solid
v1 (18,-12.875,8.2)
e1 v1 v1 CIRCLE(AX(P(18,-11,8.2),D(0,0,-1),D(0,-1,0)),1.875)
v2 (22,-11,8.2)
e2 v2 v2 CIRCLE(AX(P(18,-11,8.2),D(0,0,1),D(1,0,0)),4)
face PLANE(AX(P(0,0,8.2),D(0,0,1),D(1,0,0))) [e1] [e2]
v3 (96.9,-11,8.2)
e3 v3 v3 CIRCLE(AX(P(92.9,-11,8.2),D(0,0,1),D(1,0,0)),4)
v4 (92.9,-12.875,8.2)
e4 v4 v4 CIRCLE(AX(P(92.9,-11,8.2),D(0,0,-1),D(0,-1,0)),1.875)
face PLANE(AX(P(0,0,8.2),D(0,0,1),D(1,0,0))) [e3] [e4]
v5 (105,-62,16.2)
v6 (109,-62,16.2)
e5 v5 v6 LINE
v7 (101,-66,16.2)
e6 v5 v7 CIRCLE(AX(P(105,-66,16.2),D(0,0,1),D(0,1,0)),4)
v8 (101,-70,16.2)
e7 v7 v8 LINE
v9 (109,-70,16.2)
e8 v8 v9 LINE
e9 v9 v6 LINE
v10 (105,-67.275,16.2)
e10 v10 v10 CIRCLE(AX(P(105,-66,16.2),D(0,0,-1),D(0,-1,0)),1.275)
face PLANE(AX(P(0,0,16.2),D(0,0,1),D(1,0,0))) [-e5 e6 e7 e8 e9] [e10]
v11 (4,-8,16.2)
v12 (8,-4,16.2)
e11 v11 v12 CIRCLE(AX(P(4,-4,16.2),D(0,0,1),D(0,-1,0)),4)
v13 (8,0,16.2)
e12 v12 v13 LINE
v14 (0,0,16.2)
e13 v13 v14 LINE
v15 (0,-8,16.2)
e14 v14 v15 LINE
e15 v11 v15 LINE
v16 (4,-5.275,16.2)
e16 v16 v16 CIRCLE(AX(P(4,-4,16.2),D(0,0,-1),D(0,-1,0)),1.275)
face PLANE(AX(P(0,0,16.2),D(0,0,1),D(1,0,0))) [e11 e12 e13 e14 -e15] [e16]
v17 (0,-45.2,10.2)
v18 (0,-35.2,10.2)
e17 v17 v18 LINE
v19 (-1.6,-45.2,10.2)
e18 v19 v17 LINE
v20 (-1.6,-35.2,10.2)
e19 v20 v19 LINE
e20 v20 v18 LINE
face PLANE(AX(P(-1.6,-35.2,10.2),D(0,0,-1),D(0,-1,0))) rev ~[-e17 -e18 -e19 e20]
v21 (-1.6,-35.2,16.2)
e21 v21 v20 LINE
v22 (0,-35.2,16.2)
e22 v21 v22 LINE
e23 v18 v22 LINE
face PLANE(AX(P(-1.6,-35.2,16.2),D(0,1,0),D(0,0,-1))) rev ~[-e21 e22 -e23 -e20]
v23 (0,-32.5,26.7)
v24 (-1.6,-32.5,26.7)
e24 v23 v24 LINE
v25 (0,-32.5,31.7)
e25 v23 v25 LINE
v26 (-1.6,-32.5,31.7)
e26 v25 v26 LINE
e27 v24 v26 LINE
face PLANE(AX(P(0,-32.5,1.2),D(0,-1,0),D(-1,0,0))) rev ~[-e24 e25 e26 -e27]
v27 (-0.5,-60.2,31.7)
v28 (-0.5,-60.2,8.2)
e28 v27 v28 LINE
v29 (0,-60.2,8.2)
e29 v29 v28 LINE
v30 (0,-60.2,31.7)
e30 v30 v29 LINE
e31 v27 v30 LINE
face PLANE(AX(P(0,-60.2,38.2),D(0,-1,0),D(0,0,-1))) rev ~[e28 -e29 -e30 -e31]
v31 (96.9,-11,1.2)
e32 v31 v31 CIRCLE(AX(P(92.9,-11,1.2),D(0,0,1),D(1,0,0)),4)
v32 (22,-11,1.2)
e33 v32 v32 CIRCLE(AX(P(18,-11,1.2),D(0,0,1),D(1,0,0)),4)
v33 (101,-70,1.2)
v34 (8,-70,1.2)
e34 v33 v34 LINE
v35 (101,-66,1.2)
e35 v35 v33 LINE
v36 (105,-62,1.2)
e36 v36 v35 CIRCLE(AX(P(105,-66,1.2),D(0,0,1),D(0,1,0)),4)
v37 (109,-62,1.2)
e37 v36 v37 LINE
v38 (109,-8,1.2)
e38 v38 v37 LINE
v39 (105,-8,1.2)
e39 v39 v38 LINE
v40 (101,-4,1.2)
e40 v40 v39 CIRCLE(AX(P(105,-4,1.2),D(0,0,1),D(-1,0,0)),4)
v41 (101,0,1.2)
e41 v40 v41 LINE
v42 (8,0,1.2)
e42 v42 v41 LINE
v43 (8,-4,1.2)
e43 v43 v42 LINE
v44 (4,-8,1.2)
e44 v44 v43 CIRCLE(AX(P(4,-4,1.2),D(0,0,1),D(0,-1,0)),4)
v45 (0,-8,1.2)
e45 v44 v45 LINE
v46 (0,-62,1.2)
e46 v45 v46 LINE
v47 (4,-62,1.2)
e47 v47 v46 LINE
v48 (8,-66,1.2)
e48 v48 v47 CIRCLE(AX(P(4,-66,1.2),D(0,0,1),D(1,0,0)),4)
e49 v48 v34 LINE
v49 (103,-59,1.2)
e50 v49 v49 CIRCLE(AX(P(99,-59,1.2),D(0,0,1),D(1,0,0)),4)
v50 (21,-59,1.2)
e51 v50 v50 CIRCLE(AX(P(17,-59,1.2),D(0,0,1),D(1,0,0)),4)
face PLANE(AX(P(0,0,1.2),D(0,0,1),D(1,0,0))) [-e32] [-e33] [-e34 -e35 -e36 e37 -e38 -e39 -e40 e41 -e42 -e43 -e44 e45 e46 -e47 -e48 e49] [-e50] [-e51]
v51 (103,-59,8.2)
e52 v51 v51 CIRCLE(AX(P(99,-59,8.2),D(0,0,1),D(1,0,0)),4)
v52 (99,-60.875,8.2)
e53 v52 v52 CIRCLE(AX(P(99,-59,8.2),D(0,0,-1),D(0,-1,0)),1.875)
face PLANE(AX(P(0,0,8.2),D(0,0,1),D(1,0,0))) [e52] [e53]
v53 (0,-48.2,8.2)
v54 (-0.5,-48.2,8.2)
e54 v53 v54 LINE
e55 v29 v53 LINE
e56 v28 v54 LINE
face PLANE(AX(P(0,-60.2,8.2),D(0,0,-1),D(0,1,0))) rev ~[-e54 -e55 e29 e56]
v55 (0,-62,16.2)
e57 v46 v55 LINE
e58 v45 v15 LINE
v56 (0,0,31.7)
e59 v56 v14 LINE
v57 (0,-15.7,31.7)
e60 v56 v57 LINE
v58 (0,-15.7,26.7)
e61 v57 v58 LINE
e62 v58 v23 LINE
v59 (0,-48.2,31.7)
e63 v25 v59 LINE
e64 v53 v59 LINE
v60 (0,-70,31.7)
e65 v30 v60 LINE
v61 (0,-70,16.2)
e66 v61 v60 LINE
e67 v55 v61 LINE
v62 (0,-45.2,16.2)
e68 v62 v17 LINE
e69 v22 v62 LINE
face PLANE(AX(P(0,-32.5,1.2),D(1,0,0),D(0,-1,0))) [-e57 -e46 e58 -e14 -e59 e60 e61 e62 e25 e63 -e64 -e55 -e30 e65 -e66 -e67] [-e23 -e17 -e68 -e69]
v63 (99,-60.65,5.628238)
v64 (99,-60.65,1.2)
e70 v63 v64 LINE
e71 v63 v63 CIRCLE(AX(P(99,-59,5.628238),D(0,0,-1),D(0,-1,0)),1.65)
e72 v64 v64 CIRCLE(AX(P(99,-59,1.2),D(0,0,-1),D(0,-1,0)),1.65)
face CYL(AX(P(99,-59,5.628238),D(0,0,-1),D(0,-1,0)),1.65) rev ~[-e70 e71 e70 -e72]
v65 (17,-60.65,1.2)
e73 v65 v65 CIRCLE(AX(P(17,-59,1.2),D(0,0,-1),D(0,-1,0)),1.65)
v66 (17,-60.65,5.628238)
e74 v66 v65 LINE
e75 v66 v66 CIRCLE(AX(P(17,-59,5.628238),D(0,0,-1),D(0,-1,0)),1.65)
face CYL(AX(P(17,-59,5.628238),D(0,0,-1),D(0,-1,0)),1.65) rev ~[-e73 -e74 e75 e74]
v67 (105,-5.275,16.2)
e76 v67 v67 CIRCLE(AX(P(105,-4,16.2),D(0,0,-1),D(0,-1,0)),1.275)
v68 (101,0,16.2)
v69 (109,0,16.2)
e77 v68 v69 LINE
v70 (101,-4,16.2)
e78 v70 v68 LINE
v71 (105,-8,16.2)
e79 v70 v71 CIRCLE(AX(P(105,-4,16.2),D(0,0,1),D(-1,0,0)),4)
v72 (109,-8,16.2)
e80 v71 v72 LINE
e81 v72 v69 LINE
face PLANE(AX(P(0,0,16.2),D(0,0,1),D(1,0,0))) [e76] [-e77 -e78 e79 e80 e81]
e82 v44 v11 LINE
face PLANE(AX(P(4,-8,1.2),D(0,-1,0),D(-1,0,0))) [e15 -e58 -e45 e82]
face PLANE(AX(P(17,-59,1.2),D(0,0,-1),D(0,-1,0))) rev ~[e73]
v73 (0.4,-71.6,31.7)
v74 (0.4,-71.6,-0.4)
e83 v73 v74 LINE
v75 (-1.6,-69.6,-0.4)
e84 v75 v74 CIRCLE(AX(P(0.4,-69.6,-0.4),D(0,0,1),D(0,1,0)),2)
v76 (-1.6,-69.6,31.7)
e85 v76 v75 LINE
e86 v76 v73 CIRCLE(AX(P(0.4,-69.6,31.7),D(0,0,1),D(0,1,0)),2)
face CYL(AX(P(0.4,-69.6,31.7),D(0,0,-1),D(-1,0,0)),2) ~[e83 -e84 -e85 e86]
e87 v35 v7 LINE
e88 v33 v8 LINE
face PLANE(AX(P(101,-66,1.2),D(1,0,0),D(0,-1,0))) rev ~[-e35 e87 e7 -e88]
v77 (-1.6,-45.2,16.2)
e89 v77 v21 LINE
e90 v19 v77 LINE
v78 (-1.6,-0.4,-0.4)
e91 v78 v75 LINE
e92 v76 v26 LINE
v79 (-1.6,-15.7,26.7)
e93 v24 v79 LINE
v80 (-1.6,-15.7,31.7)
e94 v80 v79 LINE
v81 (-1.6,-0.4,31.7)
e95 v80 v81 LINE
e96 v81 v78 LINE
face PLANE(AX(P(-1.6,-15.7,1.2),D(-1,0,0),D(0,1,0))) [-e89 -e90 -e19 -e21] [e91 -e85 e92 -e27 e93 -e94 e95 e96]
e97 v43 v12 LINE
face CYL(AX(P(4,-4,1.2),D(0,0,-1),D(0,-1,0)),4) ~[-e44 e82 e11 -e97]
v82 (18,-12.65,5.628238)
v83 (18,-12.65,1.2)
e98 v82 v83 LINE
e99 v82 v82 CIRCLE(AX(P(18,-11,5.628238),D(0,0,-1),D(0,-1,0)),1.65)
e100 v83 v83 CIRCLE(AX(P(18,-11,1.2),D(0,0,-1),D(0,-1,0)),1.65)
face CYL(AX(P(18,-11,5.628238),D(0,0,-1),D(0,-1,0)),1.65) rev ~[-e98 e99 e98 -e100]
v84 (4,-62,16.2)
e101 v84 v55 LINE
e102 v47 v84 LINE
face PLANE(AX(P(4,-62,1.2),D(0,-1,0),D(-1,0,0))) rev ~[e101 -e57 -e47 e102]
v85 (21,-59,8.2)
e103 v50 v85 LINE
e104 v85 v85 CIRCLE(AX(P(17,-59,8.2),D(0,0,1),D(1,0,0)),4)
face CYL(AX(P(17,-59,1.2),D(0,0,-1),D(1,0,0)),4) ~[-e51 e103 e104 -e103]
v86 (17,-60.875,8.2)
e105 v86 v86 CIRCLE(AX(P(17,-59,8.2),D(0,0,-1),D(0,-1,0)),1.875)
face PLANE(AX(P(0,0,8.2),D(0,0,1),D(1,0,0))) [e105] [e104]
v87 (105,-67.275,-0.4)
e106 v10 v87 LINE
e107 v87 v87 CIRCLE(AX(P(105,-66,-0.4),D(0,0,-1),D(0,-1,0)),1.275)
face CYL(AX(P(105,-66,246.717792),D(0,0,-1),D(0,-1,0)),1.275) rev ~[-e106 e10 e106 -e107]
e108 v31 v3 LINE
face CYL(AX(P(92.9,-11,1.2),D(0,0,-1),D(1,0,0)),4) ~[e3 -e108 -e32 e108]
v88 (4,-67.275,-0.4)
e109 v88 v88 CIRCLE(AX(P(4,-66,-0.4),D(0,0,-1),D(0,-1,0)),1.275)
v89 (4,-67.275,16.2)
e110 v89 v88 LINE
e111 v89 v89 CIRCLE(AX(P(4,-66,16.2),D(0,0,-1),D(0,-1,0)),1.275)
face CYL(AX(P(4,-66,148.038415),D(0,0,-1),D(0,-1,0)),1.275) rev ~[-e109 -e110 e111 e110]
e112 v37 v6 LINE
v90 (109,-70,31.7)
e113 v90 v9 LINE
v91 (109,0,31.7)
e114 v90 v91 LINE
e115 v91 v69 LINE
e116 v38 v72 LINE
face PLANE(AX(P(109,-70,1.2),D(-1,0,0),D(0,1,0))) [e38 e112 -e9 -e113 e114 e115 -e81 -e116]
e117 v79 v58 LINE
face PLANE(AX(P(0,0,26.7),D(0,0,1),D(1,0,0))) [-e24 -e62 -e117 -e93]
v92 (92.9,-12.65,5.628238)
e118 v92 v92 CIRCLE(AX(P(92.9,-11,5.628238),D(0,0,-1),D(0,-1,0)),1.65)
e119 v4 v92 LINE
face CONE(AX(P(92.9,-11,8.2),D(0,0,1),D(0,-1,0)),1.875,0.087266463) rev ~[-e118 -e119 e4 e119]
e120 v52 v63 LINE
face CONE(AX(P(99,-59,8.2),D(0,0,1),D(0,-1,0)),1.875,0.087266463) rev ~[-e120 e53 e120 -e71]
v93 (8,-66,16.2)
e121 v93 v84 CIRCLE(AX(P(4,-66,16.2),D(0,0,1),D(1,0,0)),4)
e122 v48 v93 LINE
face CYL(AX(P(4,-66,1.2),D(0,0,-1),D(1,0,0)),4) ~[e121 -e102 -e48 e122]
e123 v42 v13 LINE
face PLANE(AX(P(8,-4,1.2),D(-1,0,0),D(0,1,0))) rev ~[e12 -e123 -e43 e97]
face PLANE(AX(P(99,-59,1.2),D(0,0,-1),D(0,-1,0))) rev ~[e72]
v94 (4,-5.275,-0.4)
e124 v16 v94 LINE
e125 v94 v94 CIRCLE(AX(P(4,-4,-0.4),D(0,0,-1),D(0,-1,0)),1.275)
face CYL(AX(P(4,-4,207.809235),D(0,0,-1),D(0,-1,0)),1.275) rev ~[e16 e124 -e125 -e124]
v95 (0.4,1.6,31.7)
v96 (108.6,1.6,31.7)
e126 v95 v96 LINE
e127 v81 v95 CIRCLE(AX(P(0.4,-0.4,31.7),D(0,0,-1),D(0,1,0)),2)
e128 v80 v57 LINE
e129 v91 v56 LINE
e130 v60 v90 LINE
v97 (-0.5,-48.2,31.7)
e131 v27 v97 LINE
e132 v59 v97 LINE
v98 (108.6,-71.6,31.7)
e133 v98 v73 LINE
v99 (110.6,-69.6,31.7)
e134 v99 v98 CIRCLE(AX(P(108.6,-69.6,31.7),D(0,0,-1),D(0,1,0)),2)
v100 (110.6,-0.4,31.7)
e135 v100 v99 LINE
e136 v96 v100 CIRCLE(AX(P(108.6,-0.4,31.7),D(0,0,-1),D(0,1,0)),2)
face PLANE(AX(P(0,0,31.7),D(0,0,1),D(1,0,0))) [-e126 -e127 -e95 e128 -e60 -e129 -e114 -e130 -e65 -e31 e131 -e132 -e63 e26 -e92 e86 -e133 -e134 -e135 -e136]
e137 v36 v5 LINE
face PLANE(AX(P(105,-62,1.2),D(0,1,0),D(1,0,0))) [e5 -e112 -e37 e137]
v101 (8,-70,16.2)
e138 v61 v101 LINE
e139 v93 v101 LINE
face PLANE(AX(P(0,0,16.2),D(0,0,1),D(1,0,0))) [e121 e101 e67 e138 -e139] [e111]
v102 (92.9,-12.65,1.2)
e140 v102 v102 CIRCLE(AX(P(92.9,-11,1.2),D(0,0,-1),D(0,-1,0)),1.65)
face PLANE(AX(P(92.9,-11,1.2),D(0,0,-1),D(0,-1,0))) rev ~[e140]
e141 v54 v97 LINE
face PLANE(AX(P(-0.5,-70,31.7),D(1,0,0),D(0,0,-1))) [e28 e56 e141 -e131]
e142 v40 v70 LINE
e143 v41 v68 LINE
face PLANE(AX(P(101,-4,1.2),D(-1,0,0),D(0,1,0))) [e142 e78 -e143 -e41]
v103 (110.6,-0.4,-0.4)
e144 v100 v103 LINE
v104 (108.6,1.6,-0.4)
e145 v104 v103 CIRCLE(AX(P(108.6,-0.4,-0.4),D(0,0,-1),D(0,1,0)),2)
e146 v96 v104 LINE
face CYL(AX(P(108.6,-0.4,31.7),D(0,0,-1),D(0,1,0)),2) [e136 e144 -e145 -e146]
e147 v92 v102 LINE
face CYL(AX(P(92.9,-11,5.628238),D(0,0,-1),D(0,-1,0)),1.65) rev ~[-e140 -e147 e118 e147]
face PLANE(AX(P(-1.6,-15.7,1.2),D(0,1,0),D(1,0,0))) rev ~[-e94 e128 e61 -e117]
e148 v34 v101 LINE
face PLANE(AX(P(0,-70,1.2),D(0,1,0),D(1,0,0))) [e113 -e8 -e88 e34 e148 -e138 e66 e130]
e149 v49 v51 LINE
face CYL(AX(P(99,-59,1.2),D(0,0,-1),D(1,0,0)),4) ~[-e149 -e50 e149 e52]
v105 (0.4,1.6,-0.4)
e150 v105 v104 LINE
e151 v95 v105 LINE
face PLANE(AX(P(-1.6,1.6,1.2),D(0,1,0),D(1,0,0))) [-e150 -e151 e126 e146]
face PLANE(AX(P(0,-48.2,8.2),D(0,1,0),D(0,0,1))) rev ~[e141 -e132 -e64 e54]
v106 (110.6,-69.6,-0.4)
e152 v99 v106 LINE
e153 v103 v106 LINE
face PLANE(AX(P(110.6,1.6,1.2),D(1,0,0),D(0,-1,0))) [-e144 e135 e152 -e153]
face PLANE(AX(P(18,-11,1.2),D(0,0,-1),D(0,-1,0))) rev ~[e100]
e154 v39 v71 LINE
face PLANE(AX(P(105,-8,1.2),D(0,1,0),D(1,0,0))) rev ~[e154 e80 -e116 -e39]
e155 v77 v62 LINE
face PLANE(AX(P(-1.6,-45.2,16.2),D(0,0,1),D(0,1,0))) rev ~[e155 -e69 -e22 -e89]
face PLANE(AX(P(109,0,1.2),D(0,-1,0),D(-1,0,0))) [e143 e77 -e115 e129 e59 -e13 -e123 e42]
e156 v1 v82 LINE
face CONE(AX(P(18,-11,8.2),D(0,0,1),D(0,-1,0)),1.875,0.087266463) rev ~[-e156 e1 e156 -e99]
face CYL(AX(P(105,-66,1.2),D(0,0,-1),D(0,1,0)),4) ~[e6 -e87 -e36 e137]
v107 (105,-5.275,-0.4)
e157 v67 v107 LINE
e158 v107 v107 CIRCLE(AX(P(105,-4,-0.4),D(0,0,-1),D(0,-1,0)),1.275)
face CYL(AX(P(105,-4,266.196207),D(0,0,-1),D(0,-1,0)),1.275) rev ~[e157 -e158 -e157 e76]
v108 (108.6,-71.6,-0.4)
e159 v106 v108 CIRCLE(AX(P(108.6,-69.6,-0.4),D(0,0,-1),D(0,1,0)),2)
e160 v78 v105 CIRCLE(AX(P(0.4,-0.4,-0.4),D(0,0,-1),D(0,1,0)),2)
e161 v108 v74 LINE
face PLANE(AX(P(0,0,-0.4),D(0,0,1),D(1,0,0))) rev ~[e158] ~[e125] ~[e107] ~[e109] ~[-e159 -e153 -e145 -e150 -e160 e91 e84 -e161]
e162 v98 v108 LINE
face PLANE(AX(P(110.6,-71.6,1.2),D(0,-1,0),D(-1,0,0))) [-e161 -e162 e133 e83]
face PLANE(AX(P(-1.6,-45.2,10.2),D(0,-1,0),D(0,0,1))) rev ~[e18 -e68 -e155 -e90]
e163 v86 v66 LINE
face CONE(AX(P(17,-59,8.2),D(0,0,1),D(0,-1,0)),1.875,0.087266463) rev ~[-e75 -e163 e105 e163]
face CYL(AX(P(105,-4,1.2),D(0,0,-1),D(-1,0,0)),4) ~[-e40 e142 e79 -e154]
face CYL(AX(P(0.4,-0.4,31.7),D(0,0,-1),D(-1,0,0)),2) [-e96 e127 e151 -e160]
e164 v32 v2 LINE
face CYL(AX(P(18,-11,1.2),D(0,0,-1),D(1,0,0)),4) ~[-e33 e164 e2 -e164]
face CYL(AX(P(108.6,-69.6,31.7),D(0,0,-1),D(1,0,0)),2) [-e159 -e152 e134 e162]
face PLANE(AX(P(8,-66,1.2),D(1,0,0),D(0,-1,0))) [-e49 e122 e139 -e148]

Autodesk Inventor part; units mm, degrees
ref_plane "YZ Plane" through (0, 0, 0) normal (1, 0, 0) x (0, 1, 0)
ref_plane "XZ Plane" through (0, 0, 0) normal (0, 1, 0) x (-1, 0, 0)
ref_plane "XY Plane" through (0, 0, 0) normal (0, 0, 1) x (1, 0, 0)
sketch "zaklad" plane through (0, 0, 0) normal (0, 0, 1) x (1, 0, 0)
  line L0 (0, 0) -> (109, 0)
  line L1 (109, 0) -> (109, -70)
  line L2 (109, -70) -> (0, -70)
  line L3 (0, -70) -> (0, 0)
  dimension "d0" = 109
  dimension "d1" = 70
extrude "Extrusion1" add sketch "zaklad" along normal blind 1.2 and the other way blind 0.4
sketch "uchyt_pro_desku" plane through (0, 0, 1.2) normal (0, 0, 1) x (1, 0, 0)
  line L0 (0, 0) -> (0, -70) projected
  line L1 (0, -35) -> (109, -35)
  line L2 (109, -70) -> (109, 0) projected
  circle A0 centre (17, -59) radius 4
  circle A1 centre (18, -11) radius 4
  circle A2 centre (92.9, -11) radius 4
  circle A3 centre (99, -59) radius 4
  dimension "d4" = 8
  dimension "d5" = 17
  dimension "d6" = 24
  dimension "d8" = 8
  dimension "d9" = 74.9
  dimension "d11" = 8
  dimension "d12" = 82
  dimension "d73" = 18
extrude "Extrusion2" add sketch "uchyt_pro_desku" along normal blind 7
sketch "stena_RJ45" plane through (0, 0, 1.2) normal (0, 0, 1) x (1, 0, 0)
  line L0 (-1.6, -15.7) -> (0, -15.7)
  line L1 (0, -15.7) -> (0, -32.5)
  line L2 (0, -32.5) -> (-1.6, -32.5)
  line L3 (-1.6, -32.5) -> (-1.6, -15.7)
  circle A0 centre (18, -11) radius 4 projected
  line L4 (0, 0) -> (0, -70) projected
  dimension "d17" = 1.6
  dimension "d18" = 16.8
  dimension "d19" = 4.7
  dimension "d20" = 0
sketch "srouby_upevneni" plane through (0, 0, 1.2) normal (0, 0, 1) x (1, 0, 0)
  arc A0 (8, -66) -> (4, -62) centre (4, -66) ccw
  line L0 (0, -70) -> (109, -70) projected
  line L1 (0, 0) -> (0, -70) projected
  line L2 (8, -66) -> (8, -70)
  line L3 (4, -62) -> (0, -62)
  line L4 (0, -62) -> (0, -70)
  line L5 (8, -70) -> (0, -70)
  line L6 (109, -70) -> (109, 0) projected
  line L7 (109, -35) -> (0, -35)
  line L8 (54.5, -35) -> (54.5, -22.3833)
  arc A1 (4, -8) -> (8, -4) centre (4, -4) ccw
  line L9 (8, -4) -> (8, 0)
  line L10 (4, -8) -> (0, -8)
  line L11 (0, -8) -> (0, 0)
  line L12 (8, 0) -> (0, 0)
  arc A2 (105, -62) -> (101, -66) centre (105, -66) ccw
  line L13 (101, -66) -> (101, -70)
  line L14 (105, -62) -> (109, -62)
  line L15 (109, -62) -> (109, -70)
  line L16 (101, -70) -> (109, -70)
  line L17 (101, -4) -> (101, 0)
  arc A3 (101, -4) -> (105, -8) centre (105, -4) ccw
  line L18 (105, -8) -> (109, -8)
  line L19 (109, -8) -> (109, 0)
  line L20 (101, 0) -> (109, 0)
  dimension "d21" = 8
sketch "steny" plane through (0, 0, 1.2) normal (0, 0, 1) x (1, 0, 0)
  line L0 (0, -70) -> (109, -70) projected
  line L1 (109, -70) -> (109, 0) projected
  line L2 (109, 0) -> (0, 0) projected
  line L3 (0, 0) -> (0, -70) projected
  line L4 (0, -70) -> (0, -32.5)
  line L5 (0, -15.7) -> (0, 0)
  line L6 (0, -32.5) -> (-1.6, -32.5) projected
  line L7 (-1.6, -15.7) -> (0, -15.7) projected
  line L8 (-1.6, 1.6) -> (110.6, 1.6)
  line L9 (110.6, 1.6) -> (110.6, -71.6)
  line L10 (110.6, -71.6) -> (-1.6, -71.6)
  line L11 (-1.6, -71.6) -> (-1.6, -32.5)
  line L12 (-1.6, -15.7) -> (-1.6, 1.6)
  dimension "d74" = 1.6
extrude "Extrusion3" add sketch "steny" along normal blind 30.5 and the other way blind 1.6 contours L0 L1 L2 L3 L7 L12 L8 L9 L10 L11 L6
extrude "Extrusion4" add sketch "stena_RJ45" along normal blind 25.5 and the other way blind 1.6 contours L0 L1 L2 L3
extrude "Extrusion5" add sketch "srouby_upevneni" along normal blind 15 contours L2 L0 L1 L3 A0 | L1 L12 L9 A1 L10 | L18 A3 L17 L20 L6 | L13 A2 L14 L6 L0
sketch "diry" plane through (0, 0, 1.2) normal (0, 0, 1) x (1, 0, 0)
  arc A0 (8, -66) -> (4, -62) centre (4, -66) ccw projected
  arc A1 (4, -8) -> (8, -4) centre (4, -4) ccw projected
  arc A2 (101, -4) -> (105, -8) centre (105, -4) ccw projected
  arc A3 (105, -62) -> (101, -66) centre (105, -66) ccw projected
  point P0 (116, -66)
  point P1 (116, -66)
hole "Hole1" at (105, -66, 1.2) at (4, -4, 1.2) at (4, -66, 1.2) at (105, -4, 1.2) direction (0, 0, -1) diameter 2.55 end through all both
sketch "uchyt_pro_desku_diry" plane through (99, -59, 8.2) normal (0, 0, 1) x (1, 0, 0)
  circle A0 centre (0, 0) radius 4 projected
  circle A1 centre (-82, 0) radius 4 projected
  circle A2 centre (-81, 48) radius 4 projected
  circle A3 centre (-6.1, 48) radius 4 projected
  point P0 (-99, 59)
hole "Hole2" at (99, -59, 8.2) at (17, -59, 8.2) at (18, -11, 8.2) at (92.9, -11, 8.2) direction (0, 0, -1) diameter 3.3 depth 7 countersink diameter 3.75 countersink angle 10
sketch "dira_USB" plane through (-1.6, -71.9, -0.4) normal (-1, 0, 0) x (0, 0, 1)
  line L0 (16.6, 36.7) -> (10.6, 36.7)
  line L1 (10.6, 36.7) -> (10.6, 26.7)
  line L2 (10.6, 26.7) -> (16.6, 26.7)
  line L3 (16.6, 26.7) -> (16.6, 36.7)
  line L4 (27.1, 39.4) -> (32.1, 39.4) projected
  line L5 (0, 0.3) -> (0, 73.5) projected
  point P0 (0.4, 71.9)
  point P1 (0, 0)
  point P2 (0, 73.8)
  dimension "d60" = 6
  dimension "d61" = 10
  dimension "d62" = 2.7
  dimension "d63" = 10.6
extrude "Extrusion7" cut sketch "dira_USB" against normal blind 2
sketch "vyrez_napajeci_jack_nepouzivany" plane through (0, -70, 31.7) normal (1, 0, 0) x (0, 0, -1)
  line L0 (23.5, 21.8) -> (-6.5, 21.8)
  line L1 (-6.5, 21.8) -> (-6.5, 9.8)
  line L2 (-6.5, 9.8) -> (23.5, 9.8)
  line L3 (23.5, 9.8) -> (23.5, 21.8)
  line L4 (30.5, 62) -> (30.5, 8) projected
  line L5 (21.5, 24.8) -> (15.5, 24.8) projected
  point P0 (31.7, 70)
  dimension "d66" = 30
  dimension "d67" = 12
  dimension "d68" = 7
  dimension "d69" = 3
extrude "Extrusion8" cut sketch "vyrez_napajeci_jack_nepouzivany" against normal blind 0.5
fillet "Fillet1" radius 2 4 edges at (-1.6, -71.6, 15.65) (-1.6, 1.6, 15.65) (110.6, -71.6, 15.65) (110.6, 1.6, 15.65)
properties part number "case_bottom"
